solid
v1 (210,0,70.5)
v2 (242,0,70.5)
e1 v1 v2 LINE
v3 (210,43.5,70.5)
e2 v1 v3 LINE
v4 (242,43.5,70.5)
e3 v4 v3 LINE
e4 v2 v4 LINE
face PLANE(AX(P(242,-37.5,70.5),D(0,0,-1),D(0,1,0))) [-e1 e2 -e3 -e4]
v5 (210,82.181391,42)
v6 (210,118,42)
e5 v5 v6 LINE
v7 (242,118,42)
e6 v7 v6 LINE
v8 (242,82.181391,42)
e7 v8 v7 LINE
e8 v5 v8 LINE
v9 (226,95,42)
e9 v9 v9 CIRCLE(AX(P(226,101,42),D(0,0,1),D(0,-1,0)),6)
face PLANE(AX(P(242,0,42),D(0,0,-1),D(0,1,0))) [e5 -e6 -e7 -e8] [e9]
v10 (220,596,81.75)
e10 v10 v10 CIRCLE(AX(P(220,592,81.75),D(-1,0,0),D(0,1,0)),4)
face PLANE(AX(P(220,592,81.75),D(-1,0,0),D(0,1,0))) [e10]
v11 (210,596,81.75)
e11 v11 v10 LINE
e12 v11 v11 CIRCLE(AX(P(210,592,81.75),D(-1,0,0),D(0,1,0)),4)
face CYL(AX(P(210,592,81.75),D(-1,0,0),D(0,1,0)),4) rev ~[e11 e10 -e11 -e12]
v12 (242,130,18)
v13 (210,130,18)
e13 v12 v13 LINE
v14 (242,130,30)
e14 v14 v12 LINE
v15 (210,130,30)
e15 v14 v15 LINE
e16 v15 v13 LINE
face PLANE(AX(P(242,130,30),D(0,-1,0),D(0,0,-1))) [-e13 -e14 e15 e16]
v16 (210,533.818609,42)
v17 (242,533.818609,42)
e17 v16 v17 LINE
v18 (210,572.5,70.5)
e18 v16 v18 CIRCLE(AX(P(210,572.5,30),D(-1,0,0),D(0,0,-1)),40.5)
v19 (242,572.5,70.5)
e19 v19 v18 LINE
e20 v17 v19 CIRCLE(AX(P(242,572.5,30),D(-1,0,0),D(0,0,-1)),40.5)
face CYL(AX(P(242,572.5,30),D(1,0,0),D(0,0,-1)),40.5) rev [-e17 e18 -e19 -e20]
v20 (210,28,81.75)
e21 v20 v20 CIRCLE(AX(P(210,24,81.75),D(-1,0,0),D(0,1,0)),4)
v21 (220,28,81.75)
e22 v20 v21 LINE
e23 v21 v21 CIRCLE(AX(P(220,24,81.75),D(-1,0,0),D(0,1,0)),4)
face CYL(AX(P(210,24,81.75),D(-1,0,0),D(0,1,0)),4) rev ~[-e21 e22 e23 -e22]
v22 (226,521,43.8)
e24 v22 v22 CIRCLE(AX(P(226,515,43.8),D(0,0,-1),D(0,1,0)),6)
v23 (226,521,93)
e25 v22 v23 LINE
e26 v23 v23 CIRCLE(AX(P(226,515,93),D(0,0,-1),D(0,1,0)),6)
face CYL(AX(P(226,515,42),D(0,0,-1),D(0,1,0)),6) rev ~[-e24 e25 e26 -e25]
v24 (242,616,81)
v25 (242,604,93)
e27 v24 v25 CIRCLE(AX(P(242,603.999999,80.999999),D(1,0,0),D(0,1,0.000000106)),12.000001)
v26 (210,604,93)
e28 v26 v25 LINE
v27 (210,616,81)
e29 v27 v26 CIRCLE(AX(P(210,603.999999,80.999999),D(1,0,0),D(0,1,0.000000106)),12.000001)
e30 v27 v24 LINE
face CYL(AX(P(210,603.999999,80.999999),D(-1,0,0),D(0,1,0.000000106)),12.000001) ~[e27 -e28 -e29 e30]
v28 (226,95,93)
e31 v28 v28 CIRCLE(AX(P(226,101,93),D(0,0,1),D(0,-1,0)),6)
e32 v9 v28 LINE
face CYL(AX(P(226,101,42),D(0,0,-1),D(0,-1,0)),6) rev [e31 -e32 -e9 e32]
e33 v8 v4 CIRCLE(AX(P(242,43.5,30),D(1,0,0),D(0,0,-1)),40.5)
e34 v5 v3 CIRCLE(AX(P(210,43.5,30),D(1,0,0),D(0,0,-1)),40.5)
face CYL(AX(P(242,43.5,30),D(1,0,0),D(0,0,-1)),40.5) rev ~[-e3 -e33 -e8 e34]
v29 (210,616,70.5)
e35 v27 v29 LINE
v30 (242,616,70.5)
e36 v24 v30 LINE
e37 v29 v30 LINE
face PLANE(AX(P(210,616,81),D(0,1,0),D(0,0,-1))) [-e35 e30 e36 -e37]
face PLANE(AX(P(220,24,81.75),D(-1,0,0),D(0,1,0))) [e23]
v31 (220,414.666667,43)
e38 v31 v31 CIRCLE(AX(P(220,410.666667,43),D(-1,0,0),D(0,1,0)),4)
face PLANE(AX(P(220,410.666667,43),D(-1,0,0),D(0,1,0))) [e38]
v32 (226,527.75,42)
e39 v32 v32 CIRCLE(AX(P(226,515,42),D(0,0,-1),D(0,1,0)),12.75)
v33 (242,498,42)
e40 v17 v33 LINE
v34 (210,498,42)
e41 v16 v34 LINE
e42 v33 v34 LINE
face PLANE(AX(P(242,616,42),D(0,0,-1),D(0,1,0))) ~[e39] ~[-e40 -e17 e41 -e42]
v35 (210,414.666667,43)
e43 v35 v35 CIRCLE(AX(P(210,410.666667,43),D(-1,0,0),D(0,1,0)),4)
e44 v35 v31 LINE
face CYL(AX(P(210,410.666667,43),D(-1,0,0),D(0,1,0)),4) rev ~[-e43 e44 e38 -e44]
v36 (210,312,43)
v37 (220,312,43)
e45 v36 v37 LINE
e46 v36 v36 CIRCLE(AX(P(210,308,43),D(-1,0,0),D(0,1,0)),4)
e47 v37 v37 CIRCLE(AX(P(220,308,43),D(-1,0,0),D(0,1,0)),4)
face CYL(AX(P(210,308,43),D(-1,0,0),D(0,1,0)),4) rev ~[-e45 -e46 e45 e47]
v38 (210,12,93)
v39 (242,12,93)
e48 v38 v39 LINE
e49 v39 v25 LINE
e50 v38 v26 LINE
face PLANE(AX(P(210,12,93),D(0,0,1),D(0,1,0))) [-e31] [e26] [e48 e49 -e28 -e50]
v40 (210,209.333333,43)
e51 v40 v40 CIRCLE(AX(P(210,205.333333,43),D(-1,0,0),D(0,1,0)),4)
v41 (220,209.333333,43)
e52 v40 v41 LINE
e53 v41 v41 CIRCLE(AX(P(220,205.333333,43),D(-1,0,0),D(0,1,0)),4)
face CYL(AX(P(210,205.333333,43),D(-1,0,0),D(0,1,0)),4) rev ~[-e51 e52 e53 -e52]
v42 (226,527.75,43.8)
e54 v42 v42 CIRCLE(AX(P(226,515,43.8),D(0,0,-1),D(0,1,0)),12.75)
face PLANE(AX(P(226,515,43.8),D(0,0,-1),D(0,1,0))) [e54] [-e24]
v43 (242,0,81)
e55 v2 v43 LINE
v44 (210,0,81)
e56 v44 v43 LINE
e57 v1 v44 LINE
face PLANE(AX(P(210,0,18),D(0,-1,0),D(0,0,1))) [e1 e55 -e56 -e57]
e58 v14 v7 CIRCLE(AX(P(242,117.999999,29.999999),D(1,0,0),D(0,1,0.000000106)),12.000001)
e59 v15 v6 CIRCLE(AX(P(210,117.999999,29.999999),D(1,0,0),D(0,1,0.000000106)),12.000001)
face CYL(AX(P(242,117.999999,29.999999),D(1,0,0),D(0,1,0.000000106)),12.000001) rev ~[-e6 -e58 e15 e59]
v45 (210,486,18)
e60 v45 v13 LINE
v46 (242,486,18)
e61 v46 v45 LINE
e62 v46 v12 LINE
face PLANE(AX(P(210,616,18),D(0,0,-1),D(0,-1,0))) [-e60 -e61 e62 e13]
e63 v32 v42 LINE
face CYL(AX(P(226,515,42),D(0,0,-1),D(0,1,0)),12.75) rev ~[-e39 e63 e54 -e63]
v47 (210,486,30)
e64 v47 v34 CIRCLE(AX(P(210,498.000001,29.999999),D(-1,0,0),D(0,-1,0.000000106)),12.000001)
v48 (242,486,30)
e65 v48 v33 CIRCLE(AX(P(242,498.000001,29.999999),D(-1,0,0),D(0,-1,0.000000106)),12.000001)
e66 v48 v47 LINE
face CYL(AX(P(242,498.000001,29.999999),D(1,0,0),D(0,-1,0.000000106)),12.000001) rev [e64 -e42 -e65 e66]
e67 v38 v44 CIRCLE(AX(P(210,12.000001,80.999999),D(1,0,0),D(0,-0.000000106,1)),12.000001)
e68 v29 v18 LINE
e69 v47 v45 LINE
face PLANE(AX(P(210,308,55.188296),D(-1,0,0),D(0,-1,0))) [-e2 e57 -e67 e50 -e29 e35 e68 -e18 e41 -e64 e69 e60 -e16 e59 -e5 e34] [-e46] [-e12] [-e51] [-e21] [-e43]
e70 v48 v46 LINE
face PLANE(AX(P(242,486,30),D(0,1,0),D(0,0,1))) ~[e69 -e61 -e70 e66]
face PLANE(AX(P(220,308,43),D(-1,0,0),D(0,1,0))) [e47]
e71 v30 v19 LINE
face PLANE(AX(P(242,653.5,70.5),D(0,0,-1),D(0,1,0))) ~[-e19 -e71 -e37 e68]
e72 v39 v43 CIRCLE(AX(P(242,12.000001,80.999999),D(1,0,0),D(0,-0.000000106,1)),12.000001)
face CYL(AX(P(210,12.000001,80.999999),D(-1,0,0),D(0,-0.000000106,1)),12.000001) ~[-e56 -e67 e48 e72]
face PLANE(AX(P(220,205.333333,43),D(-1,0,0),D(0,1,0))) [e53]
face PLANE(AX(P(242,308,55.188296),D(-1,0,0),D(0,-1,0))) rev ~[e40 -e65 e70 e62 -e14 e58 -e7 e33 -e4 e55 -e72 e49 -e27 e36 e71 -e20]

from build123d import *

# Parameters (mm, degrees)
PAD027_DEPTH            = 32
POCKET047_DEPTH         = 32
POCKET048_DEPTH         = 32
SKETCH079_R             = 4
POCKET049_DEPTH         = 10
SKETCH080_R             = 6
POCKET050_DEPTH         = 51
SKETCH081_R             = 12.75
POCKET051_DEPTH         = 1.8
BODY026_ROLL_ANGLE      = 90
BODY026_PLACEMENT_ANGLE = 90


with BuildPart() as part:
    # Sketch076 → Pad027 (new body)
    with BuildSketch(Plane.XY):
        with BuildLine():
            Line((-296, 75), (296, 75))
            ThreePointArc((308, 63), (304.485281, 71.485281), (296, 75))
            Line((308, 63), (308, 0))
            Line((308, 0), (-308, 0))
            Line((-308, 0), (-308, 63))
            ThreePointArc((-296, 75), (-304.485281, 71.485281), (-308, 63))
        make_face()
    extrude(amount=PAD027_DEPTH)

    # Sketch077 (on Face8 of Pad027) → Pocket047 (cut)
    with BuildSketch(Plane.XY.offset(32)):
        with BuildLine():
            Line((-308, 24), (-190, 24))
            ThreePointArc((-178, 12), (-181.514719, 20.485281), (-190, 24))
            Line((-178, 12), (-178, 0))
            Line((-178, 0), (-308, 0))
            Line((-308, 0), (-308, 24))
        make_face()
    pocket047 = extrude(amount=-POCKET047_DEPTH, mode=Mode.SUBTRACT)

    # Mirrored018: Pocket047 across Sketch077 V_Axis
    add(pocket047.mirror(Plane(origin=(0, 0, 32), x_dir=(0, 0, 1), z_dir=(1, 0, 0))), mode=Mode.SUBTRACT)

    # Sketch078 (on Face4 of Mirrored018) → Pocket048 (cut)
    with BuildSketch(Plane.XY.offset(32)):
        with BuildLine():
            ThreePointArc((-264.5, -28.5), (-224, 12), (-264.5, 52.5))
            Line((-345.5, 52.5), (-264.5, 52.5))
            Line((-345.5, -28.5), (-345.5, 52.5))
            Line((-264.5, -28.5), (-345.5, -28.5))
        make_face()
    pocket048 = extrude(amount=-POCKET048_DEPTH, mode=Mode.SUBTRACT)

    # Mirrored019: Pocket048 across Sketch078 V_Axis
    add(pocket048.mirror(Plane(origin=(0, 0, 32), x_dir=(0, 0, 1), z_dir=(1, 0, 0))), mode=Mode.SUBTRACT)

    # Sketch079 (on Face2 of Mirrored019) → Pocket049 (cut)
    with BuildSketch(Plane(origin=(0, 0, 0), x_dir=(1, 0, 0), z_dir=(0, 0, -1))):
        with Locations((-284, -63.75)):
            Circle(SKETCH079_R)
        with Locations((-102.666667, -25)):
            Circle(SKETCH079_R)
        with Locations((0, -25)):
            Circle(SKETCH079_R)
        with Locations((102.666667, -25)):
            Circle(SKETCH079_R)
        with Locations((284, -63.75)):
            Circle(SKETCH079_R)
    extrude(amount=-POCKET049_DEPTH, mode=Mode.SUBTRACT)

    # Sketch080 (on Face9 of Pocket049) → Pocket050 (cut)
    with BuildSketch(Plane.XZ.offset(-24)):
        with Locations((207, 16)):
            Circle(SKETCH080_R)
    pocket050 = extrude(amount=-POCKET050_DEPTH, mode=Mode.SUBTRACT)

    # Sketch081 (on Face9 of Pocket050) → Pocket051 (cut)
    with BuildSketch(Plane.XZ.offset(-24)):
        with Locations((207, 16)):
            Circle(SKETCH081_R)
    extrude(amount=-POCKET051_DEPTH, mode=Mode.SUBTRACT)

    # Mirrored020: Pocket050 across Sketch080 V_Axis
    add(pocket050.mirror(Plane(origin=(0, 24, 0), x_dir=(0, -1, 0), z_dir=(1, 0, 0))), mode=Mode.SUBTRACT)


with BuildPart() as part_1:
    # Body026 roll: moved
    add(part.part.rotate(Axis((0, 0, 0), (1, 0, 0)), BODY026_ROLL_ANGLE))


with BuildPart() as part_2:
    # Body026 placement: moved
    add(part_1.part.moved(Location((210, 308, 18))).rotate(Axis((210, 308, 18), (0, 0, 1)), BODY026_PLACEMENT_ANGLE))


solid = part_2.part
